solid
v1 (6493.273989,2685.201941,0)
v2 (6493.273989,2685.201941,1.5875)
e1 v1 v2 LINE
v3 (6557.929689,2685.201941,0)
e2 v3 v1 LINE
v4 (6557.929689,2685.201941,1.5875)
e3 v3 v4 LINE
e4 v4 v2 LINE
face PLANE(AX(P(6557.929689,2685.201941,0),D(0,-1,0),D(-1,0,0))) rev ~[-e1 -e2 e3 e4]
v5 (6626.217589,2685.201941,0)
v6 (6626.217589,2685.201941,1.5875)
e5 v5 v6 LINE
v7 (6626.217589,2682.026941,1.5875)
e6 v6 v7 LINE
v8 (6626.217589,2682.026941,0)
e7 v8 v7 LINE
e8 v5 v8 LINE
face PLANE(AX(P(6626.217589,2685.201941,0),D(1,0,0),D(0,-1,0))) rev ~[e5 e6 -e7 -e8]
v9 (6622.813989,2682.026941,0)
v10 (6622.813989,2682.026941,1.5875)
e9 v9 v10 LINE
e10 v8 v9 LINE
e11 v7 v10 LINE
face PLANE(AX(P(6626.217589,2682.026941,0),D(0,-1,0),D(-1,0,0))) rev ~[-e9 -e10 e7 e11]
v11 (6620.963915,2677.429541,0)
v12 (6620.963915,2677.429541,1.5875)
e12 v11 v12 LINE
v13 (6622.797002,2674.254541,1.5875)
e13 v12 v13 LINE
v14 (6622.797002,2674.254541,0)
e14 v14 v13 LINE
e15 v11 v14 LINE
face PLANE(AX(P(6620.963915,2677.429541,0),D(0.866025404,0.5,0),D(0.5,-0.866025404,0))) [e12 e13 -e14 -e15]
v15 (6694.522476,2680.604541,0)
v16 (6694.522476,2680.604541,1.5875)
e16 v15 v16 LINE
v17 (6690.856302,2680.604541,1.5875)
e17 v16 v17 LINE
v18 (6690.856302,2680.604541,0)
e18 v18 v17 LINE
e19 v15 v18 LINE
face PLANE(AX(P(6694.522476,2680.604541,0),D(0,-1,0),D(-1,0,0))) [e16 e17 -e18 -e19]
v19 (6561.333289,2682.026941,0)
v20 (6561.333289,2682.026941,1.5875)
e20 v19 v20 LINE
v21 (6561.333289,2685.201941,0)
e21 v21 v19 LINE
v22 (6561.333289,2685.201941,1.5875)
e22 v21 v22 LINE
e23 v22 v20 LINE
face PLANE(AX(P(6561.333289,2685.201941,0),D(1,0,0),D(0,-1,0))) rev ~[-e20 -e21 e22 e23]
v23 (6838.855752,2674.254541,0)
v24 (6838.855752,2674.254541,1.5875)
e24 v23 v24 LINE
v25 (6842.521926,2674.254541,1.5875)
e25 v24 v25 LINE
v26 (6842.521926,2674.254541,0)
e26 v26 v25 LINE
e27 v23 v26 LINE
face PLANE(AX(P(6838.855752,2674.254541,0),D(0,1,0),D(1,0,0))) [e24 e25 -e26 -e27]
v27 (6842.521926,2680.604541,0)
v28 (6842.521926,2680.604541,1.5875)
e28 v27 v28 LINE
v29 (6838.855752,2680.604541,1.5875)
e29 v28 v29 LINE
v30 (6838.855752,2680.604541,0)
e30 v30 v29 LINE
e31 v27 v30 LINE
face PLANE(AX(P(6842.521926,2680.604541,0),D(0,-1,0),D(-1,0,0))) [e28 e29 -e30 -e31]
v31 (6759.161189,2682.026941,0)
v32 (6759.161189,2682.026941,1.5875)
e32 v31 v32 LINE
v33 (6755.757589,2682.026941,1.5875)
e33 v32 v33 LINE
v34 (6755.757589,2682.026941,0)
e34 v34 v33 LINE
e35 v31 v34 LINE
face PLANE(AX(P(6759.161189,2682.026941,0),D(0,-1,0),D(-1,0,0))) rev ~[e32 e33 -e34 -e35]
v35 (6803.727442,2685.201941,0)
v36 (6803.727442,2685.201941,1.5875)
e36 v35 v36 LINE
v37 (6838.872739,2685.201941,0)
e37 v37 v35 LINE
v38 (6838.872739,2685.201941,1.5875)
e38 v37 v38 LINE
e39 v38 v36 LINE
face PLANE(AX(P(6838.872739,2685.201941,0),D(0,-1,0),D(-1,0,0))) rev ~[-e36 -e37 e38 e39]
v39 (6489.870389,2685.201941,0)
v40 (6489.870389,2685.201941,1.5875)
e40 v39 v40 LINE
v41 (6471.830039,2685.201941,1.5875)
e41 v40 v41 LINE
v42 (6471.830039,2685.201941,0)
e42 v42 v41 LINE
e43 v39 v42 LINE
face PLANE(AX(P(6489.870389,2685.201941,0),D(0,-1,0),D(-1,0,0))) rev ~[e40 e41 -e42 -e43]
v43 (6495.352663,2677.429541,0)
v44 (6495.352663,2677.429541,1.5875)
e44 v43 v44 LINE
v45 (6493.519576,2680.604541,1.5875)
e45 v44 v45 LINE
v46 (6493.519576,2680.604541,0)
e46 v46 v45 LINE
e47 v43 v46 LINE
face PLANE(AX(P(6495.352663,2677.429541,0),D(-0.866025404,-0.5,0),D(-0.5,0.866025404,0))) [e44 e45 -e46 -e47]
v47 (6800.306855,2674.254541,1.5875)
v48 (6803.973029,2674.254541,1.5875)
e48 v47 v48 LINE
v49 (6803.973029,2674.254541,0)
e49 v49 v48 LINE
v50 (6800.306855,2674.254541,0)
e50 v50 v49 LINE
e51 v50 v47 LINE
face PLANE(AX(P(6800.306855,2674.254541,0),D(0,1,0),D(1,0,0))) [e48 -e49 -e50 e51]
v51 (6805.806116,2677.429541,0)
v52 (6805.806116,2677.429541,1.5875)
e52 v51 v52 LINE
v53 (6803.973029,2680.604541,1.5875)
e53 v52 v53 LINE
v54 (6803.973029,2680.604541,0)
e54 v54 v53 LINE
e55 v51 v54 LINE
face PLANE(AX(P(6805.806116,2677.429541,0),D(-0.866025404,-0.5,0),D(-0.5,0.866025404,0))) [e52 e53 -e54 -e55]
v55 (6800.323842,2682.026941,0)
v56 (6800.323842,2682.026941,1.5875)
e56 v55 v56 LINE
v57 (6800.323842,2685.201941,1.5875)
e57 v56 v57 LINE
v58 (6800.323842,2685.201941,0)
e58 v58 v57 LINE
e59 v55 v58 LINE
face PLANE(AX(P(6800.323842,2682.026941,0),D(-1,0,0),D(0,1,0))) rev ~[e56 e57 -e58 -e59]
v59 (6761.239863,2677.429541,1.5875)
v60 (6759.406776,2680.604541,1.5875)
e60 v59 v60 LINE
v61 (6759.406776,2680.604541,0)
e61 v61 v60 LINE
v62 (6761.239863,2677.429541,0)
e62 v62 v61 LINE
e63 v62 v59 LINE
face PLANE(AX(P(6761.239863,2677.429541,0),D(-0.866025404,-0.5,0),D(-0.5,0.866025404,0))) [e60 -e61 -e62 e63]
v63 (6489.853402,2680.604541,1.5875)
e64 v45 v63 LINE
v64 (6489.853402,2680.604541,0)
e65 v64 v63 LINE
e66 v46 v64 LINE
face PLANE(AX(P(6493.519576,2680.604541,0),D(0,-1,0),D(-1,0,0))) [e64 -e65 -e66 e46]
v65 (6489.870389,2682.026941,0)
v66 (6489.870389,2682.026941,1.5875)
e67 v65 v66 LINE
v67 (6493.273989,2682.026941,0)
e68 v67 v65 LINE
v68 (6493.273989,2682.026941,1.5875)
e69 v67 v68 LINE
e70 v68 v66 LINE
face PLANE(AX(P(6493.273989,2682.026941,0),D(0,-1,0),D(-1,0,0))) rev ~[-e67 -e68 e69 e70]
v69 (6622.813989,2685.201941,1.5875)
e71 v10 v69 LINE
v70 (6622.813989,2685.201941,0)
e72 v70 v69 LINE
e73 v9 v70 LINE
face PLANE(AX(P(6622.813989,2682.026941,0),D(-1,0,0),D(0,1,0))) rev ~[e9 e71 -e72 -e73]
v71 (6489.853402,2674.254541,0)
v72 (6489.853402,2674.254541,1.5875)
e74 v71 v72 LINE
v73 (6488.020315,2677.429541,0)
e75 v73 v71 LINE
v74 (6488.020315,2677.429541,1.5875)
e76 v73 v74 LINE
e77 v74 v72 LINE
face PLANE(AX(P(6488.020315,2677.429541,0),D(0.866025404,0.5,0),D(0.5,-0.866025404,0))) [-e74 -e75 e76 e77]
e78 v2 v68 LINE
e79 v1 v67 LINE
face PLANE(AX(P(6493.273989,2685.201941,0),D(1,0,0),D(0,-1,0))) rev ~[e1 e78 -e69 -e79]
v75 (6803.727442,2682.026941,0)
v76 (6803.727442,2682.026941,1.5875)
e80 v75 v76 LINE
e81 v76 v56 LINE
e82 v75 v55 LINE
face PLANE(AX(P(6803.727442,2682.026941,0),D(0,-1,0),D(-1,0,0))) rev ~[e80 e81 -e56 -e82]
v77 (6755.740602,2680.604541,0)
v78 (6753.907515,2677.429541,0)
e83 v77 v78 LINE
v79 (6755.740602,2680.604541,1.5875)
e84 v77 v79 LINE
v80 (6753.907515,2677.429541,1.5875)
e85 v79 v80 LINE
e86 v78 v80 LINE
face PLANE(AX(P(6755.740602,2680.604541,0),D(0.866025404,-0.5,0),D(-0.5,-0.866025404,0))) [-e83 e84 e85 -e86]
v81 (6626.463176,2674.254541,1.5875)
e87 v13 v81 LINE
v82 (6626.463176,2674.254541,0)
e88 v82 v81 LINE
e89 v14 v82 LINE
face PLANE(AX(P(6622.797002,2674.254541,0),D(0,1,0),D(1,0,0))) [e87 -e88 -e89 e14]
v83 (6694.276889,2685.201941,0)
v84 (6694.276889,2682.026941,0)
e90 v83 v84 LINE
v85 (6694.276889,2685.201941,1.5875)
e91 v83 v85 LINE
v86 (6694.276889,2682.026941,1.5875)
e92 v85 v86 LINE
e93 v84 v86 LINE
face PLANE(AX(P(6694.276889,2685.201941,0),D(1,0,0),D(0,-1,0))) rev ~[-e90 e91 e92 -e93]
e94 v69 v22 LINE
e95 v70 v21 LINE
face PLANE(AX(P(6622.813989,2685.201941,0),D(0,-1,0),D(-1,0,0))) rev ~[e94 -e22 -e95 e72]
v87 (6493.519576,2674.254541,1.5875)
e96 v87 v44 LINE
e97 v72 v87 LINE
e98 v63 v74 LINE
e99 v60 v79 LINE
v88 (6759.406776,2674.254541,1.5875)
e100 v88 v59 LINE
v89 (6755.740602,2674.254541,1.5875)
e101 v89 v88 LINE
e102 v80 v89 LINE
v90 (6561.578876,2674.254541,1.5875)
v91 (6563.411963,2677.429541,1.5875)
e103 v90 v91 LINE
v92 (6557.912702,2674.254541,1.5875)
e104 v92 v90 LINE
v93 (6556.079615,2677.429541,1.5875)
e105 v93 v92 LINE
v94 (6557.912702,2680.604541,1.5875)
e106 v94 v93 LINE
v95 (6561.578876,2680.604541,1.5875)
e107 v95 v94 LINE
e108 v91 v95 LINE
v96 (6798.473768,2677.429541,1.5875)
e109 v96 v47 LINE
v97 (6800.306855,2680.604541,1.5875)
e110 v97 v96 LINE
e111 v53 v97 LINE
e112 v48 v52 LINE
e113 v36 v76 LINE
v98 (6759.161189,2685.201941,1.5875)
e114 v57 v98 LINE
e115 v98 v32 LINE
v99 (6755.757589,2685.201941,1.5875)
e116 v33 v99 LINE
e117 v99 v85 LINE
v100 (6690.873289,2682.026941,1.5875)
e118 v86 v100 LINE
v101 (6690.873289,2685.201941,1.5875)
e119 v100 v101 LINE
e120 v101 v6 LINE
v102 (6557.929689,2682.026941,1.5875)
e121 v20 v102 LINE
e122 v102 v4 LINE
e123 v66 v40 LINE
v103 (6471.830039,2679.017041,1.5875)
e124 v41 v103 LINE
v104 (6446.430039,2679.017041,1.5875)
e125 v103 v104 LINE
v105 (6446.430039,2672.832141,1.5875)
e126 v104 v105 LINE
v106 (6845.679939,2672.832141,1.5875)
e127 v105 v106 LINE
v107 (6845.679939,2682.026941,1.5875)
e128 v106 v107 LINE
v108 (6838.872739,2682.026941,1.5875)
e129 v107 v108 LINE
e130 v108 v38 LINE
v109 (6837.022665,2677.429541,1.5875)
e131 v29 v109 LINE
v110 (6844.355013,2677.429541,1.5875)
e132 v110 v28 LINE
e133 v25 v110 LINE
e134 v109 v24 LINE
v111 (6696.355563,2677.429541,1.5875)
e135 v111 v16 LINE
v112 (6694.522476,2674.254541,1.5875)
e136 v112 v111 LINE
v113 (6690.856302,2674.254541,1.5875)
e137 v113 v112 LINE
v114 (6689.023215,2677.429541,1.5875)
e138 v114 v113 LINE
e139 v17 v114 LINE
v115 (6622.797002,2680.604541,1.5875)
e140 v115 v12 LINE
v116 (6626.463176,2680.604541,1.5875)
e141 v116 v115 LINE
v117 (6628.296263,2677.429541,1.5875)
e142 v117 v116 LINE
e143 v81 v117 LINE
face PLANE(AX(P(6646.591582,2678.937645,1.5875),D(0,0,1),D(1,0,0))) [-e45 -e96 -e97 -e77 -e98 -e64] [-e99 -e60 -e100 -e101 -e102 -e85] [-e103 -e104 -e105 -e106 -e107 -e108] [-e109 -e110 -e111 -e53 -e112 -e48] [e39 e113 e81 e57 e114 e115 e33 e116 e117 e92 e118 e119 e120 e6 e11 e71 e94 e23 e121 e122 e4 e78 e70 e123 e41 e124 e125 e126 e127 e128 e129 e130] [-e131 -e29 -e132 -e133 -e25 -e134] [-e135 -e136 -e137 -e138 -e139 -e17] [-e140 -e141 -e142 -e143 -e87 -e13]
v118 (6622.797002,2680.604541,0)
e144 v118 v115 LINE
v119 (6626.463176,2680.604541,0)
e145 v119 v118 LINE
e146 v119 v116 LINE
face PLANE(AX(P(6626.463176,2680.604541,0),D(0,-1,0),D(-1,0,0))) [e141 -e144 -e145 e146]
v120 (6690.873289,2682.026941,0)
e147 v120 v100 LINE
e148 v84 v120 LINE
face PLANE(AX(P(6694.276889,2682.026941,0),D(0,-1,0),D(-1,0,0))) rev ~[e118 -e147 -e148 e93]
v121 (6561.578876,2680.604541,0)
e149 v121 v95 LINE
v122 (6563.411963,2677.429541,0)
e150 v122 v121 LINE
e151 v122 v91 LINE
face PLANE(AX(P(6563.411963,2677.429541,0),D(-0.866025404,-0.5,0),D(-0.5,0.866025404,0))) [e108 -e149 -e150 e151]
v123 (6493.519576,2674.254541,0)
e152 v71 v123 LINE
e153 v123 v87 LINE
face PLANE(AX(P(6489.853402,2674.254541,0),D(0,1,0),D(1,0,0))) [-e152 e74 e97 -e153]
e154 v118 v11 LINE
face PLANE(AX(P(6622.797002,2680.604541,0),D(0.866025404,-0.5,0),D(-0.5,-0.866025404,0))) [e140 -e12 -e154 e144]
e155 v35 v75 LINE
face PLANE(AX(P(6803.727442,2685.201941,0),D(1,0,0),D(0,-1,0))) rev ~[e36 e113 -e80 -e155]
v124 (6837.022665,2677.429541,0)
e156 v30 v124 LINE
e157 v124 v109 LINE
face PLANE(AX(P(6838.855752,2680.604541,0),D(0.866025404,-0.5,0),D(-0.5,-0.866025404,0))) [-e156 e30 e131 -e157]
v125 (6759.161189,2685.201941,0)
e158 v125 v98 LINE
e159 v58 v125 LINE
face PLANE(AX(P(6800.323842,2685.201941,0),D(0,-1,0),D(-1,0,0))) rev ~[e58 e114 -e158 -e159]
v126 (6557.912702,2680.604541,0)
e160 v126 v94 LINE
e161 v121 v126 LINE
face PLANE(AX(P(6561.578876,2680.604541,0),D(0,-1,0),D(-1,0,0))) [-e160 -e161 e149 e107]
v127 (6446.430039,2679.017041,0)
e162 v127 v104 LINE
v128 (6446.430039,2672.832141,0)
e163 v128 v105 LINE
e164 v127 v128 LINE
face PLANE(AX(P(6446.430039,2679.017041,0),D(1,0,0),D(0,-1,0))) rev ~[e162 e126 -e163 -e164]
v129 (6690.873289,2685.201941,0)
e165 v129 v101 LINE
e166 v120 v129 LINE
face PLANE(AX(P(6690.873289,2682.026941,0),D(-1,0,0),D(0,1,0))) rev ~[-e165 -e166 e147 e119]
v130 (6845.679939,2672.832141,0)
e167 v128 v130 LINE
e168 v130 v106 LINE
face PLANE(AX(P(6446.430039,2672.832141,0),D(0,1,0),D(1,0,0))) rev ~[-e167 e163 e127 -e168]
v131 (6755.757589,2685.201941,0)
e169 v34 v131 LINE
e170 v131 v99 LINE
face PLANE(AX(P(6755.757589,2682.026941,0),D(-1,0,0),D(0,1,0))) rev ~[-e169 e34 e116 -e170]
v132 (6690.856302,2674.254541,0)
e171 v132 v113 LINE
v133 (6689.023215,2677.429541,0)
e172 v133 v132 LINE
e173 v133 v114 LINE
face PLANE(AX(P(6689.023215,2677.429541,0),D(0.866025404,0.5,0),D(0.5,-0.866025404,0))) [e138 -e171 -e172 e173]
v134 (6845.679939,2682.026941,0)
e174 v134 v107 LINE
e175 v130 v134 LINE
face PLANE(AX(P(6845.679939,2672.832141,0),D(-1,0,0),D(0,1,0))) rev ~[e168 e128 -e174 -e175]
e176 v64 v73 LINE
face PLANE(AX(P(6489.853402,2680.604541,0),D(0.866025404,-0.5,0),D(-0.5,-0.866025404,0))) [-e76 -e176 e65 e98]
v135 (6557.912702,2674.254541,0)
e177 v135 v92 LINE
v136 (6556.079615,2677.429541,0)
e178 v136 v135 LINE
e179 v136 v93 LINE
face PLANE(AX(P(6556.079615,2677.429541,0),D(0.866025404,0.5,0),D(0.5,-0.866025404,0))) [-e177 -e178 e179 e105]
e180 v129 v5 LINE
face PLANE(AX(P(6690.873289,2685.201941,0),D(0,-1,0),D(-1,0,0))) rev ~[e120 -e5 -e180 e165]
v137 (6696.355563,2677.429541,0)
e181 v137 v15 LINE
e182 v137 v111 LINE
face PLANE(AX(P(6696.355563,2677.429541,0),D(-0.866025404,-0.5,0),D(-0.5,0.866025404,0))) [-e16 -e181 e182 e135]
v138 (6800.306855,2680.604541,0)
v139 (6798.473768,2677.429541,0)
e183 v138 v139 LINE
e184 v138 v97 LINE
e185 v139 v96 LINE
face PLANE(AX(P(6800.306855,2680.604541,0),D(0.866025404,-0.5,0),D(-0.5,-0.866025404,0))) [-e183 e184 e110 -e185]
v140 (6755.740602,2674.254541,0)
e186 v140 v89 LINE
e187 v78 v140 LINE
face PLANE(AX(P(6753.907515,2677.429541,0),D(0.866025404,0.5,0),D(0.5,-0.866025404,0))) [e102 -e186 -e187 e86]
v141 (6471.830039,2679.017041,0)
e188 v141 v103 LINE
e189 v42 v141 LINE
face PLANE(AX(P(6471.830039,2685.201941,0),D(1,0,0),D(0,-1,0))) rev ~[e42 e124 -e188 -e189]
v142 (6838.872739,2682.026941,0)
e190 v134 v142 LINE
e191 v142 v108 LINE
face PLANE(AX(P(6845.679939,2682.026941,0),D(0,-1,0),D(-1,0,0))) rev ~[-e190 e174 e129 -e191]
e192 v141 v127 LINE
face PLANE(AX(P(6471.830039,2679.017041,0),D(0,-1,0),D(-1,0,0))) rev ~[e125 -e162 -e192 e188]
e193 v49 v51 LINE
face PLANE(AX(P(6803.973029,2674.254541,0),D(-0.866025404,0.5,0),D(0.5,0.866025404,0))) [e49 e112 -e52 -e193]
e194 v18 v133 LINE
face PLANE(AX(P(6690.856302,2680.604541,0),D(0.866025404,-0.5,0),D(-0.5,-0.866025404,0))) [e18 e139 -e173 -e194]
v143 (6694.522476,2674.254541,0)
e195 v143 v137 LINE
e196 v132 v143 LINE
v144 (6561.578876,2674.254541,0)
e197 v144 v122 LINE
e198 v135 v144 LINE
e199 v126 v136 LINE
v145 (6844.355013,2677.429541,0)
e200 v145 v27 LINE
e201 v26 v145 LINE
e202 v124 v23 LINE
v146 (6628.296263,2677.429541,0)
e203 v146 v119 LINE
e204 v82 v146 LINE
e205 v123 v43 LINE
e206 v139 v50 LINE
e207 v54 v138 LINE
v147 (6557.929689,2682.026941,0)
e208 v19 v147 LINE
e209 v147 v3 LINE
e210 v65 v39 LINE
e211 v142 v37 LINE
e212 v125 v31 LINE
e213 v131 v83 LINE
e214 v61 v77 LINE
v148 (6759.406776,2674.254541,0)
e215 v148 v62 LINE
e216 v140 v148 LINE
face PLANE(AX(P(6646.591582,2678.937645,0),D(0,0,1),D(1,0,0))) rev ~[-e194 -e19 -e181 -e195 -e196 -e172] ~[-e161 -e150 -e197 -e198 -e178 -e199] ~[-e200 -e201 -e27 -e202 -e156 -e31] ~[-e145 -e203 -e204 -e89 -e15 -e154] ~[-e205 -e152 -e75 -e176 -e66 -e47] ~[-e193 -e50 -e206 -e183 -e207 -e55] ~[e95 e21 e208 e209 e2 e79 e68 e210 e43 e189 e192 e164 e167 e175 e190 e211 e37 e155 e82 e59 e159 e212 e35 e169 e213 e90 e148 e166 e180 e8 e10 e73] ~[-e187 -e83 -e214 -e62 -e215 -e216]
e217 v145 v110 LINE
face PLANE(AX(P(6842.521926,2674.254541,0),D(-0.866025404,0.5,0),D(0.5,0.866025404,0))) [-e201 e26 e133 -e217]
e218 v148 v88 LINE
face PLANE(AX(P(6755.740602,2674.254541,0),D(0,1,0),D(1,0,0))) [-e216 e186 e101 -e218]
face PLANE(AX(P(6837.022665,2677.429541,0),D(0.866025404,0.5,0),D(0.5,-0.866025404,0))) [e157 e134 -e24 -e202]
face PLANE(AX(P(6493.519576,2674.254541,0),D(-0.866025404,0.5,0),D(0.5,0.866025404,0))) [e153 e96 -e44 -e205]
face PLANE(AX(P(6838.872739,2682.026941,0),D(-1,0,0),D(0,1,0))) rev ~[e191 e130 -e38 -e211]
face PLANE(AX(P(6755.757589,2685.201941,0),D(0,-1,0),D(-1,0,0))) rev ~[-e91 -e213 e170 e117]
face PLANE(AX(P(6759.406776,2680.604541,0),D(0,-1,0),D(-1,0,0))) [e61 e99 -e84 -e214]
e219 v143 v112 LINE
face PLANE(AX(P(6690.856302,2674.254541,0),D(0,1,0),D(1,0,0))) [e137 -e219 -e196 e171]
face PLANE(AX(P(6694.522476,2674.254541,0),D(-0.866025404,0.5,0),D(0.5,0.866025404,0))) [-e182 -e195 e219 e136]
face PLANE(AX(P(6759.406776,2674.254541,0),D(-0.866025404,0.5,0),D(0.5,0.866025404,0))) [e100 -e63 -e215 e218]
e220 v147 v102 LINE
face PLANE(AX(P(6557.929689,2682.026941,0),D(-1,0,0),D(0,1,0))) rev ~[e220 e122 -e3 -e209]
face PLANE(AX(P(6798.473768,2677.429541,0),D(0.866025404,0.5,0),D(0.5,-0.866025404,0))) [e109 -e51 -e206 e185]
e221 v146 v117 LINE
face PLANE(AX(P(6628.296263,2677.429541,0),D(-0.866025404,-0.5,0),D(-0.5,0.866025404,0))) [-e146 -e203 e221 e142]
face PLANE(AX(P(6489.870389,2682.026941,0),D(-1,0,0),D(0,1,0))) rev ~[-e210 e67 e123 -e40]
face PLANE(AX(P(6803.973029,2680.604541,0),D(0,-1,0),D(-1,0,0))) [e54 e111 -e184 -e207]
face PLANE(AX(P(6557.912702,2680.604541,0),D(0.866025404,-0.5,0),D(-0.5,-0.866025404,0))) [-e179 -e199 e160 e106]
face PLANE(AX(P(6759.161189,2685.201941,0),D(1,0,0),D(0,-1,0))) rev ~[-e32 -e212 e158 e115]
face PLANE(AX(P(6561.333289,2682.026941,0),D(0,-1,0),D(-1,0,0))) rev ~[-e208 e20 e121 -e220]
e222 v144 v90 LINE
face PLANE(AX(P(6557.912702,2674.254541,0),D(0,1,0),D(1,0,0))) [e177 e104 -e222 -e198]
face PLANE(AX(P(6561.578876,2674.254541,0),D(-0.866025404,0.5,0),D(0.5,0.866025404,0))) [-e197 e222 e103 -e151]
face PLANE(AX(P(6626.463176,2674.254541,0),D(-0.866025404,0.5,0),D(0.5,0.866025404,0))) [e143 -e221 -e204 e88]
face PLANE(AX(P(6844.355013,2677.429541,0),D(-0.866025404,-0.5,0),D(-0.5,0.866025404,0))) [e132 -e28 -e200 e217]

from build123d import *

# Parameters (mm, degrees)
BOSS_EXTRUDE1_DEPTH = 1.5875


with BuildPart() as part:
    # Sketch1 → Boss-Extrude1 (new body)
    with BuildSketch(Plane.XY):
        Polygon((6838.872739, 2682.026941165), (6838.872739, 2685.201941165), (6803.727441916, 2685.201941165), (6803.727441916, 2682.026941165), (6800.323841916, 2682.026941165), (6800.323841916, 2685.201941165), (6759.161189, 2685.201941165), (6759.161189, 2682.026941165), (6755.757589, 2682.026941165), (6755.757589, 2685.201941165), (6694.276889, 2685.201941165), (6694.276889, 2682.026941165), (6690.873289, 2682.026941165), (6690.873289, 2685.201941165), (6626.217589, 2685.201941165), (6626.217589, 2682.026941165), (6622.813989, 2682.026941165), (6622.813989, 2685.201941165), (6561.333289, 2685.201941165), (6561.333289, 2682.026941165), (6557.929689, 2682.026941165), (6557.929689, 2685.201941165), (6493.273989, 2685.201941165), (6493.273989, 2682.026941165), (6489.870389, 2682.026941165), (6489.870389, 2685.201941165), (6471.830039, 2685.201941165), (6471.830039, 2679.017041165), (6446.430039, 2679.017041165), (6446.430039, 2672.832141165), (6845.679939, 2672.832141165), (6845.679939, 2682.026941165), align=None)
        Polygon((6493.519576105, 2674.254541165), (6495.35266321, 2677.429541165), (6493.519576105, 2680.604541165), (6489.853401896, 2680.604541165), (6488.020314791, 2677.429541165), (6489.853401896, 2674.254541165), align=None, mode=Mode.SUBTRACT)
        Polygon((6561.578876105, 2674.254541165), (6563.41196321, 2677.429541165), (6561.578876105, 2680.604541165), (6557.912701896, 2680.604541165), (6556.079614791, 2677.429541165), (6557.912701896, 2674.254541165), align=None, mode=Mode.SUBTRACT)
        Polygon((6626.463176105, 2674.254541165), (6628.29626321, 2677.429541165), (6626.463176105, 2680.604541165), (6622.797001896, 2680.604541165), (6620.963914791, 2677.429541165), (6622.797001896, 2674.254541165), align=None, mode=Mode.SUBTRACT)
        Polygon((6694.522476105, 2674.254541165), (6696.35556321, 2677.429541165), (6694.522476105, 2680.604541165), (6690.856301896, 2680.604541165), (6689.023214791, 2677.429541165), (6690.856301896, 2674.254541165), align=None, mode=Mode.SUBTRACT)
        Polygon((6759.406776105, 2674.254541165), (6761.23986321, 2677.429541165), (6759.406776105, 2680.604541165), (6755.740601896, 2680.604541165), (6753.907514791, 2677.429541165), (6755.740601896, 2674.254541165), align=None, mode=Mode.SUBTRACT)
        Polygon((6803.973029021, 2674.254541165), (6805.806116126, 2677.429541165), (6803.973029021, 2680.604541165), (6800.306854812, 2680.604541165), (6798.473767707, 2677.429541165), (6800.306854812, 2674.254541165), align=None, mode=Mode.SUBTRACT)
        Polygon((6842.521926105, 2674.254541165), (6844.35501321, 2677.429541165), (6842.521926105, 2680.604541165), (6838.855751896, 2680.604541165), (6837.022664791, 2677.429541165), (6838.855751896, 2674.254541165), align=None, mode=Mode.SUBTRACT)
    extrude(amount=BOSS_EXTRUDE1_DEPTH)


solid = part.part
